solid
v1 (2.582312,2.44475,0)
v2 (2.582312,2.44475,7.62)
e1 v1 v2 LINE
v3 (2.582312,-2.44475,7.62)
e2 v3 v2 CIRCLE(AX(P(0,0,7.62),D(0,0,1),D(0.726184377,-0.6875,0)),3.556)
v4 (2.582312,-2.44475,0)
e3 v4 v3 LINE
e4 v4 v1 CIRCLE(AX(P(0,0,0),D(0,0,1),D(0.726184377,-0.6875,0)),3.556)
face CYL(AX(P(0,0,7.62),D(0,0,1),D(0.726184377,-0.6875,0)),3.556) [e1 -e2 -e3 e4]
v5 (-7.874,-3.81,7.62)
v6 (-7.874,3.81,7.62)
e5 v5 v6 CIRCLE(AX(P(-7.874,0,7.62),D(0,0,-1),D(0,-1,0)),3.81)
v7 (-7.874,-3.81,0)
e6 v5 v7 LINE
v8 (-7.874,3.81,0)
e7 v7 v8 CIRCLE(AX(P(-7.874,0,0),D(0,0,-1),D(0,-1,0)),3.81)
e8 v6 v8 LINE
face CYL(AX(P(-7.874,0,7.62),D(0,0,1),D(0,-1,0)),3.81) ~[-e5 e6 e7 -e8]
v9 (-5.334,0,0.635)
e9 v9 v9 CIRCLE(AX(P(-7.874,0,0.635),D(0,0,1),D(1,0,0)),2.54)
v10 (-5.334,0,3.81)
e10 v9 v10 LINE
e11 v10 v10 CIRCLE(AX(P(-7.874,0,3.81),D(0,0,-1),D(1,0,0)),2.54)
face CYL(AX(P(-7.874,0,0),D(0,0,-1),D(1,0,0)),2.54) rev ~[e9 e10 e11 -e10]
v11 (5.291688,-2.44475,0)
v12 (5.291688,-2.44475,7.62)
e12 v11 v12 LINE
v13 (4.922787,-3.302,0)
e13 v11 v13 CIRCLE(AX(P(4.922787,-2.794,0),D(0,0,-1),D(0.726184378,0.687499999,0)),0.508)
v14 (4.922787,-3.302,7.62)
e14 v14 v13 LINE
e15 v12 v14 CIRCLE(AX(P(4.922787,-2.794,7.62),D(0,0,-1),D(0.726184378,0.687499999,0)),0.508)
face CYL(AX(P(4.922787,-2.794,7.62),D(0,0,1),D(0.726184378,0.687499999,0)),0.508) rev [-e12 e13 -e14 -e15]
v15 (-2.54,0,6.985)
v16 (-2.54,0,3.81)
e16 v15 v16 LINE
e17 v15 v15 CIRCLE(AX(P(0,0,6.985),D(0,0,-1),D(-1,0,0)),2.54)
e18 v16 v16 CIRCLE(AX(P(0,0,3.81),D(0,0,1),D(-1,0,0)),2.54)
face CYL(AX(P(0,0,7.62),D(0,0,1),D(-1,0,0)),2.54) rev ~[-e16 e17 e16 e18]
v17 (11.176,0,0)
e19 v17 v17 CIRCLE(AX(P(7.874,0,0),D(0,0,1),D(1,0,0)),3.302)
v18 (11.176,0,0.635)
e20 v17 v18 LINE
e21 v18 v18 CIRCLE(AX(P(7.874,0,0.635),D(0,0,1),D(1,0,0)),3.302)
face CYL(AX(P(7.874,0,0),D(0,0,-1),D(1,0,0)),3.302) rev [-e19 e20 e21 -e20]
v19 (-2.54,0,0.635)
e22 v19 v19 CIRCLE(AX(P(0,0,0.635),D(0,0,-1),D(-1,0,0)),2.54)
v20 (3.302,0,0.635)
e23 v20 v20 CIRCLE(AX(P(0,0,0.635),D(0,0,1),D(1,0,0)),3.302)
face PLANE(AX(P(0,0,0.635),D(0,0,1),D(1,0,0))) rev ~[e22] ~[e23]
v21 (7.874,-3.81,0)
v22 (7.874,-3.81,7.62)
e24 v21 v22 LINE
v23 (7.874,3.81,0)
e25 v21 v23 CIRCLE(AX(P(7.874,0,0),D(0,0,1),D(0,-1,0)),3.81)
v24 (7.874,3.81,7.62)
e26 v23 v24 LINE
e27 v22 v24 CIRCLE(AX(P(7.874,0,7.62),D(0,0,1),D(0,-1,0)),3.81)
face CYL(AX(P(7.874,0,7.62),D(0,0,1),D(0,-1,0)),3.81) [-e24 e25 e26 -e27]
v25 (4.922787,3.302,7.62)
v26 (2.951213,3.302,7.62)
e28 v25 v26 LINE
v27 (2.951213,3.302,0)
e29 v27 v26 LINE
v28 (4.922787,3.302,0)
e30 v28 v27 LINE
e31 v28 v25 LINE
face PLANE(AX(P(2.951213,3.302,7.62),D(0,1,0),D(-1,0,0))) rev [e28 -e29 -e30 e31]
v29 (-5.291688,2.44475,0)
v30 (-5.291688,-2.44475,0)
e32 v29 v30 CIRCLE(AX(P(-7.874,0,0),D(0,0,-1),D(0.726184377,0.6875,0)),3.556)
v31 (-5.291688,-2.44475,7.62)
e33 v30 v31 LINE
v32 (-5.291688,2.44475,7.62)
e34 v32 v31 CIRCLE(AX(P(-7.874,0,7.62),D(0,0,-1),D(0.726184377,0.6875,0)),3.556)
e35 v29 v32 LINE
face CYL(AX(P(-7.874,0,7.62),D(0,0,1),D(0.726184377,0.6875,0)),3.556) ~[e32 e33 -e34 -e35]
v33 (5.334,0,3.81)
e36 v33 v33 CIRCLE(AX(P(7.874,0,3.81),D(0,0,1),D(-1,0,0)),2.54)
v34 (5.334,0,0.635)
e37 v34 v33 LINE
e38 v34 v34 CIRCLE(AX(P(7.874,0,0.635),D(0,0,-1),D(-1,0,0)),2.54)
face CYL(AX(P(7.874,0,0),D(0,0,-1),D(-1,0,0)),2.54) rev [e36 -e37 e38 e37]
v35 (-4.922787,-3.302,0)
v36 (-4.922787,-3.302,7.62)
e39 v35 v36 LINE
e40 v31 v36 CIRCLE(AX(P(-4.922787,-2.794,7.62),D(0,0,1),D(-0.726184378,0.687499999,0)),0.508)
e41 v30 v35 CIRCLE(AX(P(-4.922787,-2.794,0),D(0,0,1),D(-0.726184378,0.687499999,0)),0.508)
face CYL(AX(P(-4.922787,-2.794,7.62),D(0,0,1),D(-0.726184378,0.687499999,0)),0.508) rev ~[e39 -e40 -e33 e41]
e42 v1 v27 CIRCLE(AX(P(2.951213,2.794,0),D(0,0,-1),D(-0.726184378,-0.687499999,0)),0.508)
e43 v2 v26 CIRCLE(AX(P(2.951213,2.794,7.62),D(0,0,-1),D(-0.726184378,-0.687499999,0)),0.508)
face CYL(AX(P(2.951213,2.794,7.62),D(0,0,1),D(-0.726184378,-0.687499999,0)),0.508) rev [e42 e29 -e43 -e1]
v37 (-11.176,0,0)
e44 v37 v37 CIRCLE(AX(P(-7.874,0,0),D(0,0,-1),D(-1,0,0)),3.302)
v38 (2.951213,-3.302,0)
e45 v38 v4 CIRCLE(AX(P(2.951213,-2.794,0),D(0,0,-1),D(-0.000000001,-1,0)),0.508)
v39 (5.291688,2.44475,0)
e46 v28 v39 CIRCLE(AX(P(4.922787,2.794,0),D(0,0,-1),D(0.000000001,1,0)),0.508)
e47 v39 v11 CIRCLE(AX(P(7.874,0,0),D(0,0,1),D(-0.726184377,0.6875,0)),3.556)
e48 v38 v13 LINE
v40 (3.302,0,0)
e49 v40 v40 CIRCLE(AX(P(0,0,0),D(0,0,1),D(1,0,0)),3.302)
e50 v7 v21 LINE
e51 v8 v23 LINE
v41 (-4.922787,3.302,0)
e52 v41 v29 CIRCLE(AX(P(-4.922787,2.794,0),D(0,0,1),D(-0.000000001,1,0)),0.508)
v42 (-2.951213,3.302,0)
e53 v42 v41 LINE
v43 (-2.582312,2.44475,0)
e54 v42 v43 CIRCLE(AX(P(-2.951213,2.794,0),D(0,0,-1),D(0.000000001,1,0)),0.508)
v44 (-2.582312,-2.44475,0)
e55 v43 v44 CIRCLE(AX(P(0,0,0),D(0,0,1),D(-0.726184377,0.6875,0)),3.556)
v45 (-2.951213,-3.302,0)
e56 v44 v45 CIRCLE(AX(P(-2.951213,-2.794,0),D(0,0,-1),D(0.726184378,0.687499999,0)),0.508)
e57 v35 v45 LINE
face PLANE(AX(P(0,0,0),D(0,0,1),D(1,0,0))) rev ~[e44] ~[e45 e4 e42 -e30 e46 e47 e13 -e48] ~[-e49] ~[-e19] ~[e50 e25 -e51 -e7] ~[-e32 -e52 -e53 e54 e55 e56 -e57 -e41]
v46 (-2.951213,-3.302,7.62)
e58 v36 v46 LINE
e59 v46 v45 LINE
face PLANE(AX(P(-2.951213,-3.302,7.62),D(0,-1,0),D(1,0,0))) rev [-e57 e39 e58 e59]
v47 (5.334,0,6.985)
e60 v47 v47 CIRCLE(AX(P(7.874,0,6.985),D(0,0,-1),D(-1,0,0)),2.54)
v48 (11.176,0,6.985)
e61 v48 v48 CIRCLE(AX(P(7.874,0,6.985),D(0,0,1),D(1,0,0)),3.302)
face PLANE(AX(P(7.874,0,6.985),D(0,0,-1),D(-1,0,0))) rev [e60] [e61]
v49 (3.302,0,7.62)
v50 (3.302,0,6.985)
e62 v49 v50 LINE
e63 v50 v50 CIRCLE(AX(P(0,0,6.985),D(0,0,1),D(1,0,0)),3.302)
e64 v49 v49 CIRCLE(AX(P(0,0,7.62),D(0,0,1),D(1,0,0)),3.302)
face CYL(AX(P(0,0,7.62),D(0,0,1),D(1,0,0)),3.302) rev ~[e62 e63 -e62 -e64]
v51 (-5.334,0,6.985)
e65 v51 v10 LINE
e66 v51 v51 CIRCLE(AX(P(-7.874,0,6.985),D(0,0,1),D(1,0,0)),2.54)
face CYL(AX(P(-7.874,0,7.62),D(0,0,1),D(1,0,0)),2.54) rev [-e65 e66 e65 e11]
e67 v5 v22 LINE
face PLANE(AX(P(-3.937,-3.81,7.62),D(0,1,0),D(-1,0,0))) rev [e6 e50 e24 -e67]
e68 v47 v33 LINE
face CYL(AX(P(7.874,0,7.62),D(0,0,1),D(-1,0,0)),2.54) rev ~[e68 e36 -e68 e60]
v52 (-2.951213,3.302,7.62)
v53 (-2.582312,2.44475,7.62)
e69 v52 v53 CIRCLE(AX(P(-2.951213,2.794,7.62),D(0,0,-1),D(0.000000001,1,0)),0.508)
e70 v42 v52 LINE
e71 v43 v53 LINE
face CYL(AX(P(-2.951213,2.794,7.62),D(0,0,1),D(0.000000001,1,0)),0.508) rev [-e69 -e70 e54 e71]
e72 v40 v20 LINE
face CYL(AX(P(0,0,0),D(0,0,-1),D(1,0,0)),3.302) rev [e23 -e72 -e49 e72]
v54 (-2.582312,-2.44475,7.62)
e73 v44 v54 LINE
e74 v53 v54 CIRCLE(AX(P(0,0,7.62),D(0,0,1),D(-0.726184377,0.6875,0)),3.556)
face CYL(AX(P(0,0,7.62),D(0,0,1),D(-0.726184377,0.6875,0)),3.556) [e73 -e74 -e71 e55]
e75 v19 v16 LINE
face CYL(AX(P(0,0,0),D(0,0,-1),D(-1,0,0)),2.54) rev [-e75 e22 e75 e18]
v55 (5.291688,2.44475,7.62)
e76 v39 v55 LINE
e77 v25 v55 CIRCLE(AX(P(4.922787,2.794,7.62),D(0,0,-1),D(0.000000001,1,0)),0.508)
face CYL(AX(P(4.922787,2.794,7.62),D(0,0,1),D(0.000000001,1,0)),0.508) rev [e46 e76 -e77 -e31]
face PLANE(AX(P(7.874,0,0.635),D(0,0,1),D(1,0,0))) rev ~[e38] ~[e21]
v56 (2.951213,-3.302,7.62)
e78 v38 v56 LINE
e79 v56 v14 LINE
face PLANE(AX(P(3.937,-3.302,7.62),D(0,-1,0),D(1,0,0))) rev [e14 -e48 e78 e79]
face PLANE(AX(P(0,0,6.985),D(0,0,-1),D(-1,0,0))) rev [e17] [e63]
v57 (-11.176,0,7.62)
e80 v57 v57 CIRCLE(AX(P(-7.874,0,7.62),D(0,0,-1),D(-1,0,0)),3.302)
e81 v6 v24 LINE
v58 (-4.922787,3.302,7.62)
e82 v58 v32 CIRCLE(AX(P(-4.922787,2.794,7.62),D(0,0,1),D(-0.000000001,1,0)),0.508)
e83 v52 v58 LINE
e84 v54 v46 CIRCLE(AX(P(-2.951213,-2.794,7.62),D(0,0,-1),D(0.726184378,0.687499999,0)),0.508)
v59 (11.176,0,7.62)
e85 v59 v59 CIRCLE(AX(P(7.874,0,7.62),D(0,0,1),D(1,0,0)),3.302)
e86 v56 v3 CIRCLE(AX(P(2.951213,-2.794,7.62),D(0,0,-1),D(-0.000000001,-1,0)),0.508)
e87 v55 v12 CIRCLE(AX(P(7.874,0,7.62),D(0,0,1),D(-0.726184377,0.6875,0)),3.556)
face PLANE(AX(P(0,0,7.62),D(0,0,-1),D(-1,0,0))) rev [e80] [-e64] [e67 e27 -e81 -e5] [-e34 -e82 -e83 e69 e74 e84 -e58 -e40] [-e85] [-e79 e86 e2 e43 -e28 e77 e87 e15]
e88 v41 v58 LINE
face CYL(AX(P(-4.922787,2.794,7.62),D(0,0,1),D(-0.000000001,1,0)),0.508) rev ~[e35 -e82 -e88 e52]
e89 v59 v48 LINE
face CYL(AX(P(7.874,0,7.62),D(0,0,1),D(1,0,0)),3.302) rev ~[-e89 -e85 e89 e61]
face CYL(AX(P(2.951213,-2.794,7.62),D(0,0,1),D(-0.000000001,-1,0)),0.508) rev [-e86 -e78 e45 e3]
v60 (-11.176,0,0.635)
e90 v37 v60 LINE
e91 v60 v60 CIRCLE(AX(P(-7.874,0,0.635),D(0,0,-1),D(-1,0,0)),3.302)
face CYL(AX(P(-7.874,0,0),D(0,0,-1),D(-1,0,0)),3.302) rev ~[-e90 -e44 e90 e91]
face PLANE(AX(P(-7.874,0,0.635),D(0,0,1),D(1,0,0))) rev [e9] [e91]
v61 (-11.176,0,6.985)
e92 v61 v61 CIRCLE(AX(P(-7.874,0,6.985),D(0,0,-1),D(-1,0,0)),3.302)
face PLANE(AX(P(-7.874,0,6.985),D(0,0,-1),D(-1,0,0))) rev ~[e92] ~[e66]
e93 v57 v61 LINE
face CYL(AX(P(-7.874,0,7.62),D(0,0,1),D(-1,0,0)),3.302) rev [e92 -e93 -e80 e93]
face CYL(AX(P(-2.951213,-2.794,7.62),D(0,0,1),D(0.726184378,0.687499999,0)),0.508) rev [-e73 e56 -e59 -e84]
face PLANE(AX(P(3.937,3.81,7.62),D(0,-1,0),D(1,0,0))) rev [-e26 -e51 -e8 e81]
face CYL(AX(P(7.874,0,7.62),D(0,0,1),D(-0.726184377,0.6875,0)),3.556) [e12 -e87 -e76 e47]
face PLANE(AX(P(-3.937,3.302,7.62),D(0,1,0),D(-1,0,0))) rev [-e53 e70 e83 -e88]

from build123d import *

# Parameters (mm, degrees)
SKETCH1_R           = 2.54
BOSS_EXTRUDE1_DEPTH = 3.81
SKETCH1_7_R         = 2.54
BOSS_EXTRUDE2_DEPTH = 3.81
SKETCH2_R           = 3.302
CUT_EXTRUDE1_DEPTH  = 0.635


with BuildPart() as part:
    # Sketch1 → Boss-Extrude1 (new body)
    with BuildSketch(Plane.XY):
        with BuildLine():
            Line((3.937, -3.81), (7.874, -3.81))
            ThreePointArc((7.874, -3.81), (11.684, 0), (7.874, 3.81))
            Line((7.874, 3.81), (3.937, 3.81))
            Line((3.937, 3.81), (3.937, 3.302))
            Line((3.937, 3.302), (4.92278669, 3.302))
            ThreePointArc((4.92278669, 3.302), (5.389414486, 2.994804631), (5.291688354, 2.44475))
            ThreePointArc((5.291688354, 2.44475), (4.318, 0), (5.291688354, -2.44475))
            ThreePointArc((5.291688354, -2.44475), (5.389414486, -2.994804631), (4.92278669, -3.302))
            Line((4.92278669, -3.302), (3.937, -3.302))
            Line((3.937, -3.302), (3.937, -3.81))
        make_face()
        with Locations((7.874, 0)):
            Circle(SKETCH1_R, mode=Mode.SUBTRACT)
    extrude(amount=BOSS_EXTRUDE1_DEPTH)


with BuildPart() as body_2:
    # Sketch1<7> → Boss-Extrude2 (new body)
    with BuildSketch(Plane.XY):
        with BuildLine():
            Line((3.937, -3.81), (3.937, -3.302))
            Line((3.937, -3.302), (2.95121331, -3.302))
            ThreePointArc((2.95121331, -3.302), (2.484585514, -2.994804631), (2.582311646, -2.44475))
            ThreePointArc((2.582311646, -2.44475), (3.556, 0), (2.582311646, 2.44475))
            ThreePointArc((2.582311646, 2.44475), (2.484585514, 2.994804631), (2.95121331, 3.302))
            Line((2.95121331, 3.302), (3.937, 3.302))
            Line((3.937, 3.302), (3.937, 3.81))
            Line((3.937, 3.81), (-3.937, 3.81))
            Line((-3.937, 3.81), (-3.937, 3.302))
            Line((-3.937, 3.302), (-2.95121331, 3.302))
            ThreePointArc((-2.95121331, 3.302), (-2.484585514, 2.994804631), (-2.582311646, 2.44475))
            ThreePointArc((-2.582311646, 2.44475), (-3.556, 0), (-2.582311646, -2.44475))
            ThreePointArc((-2.582311646, -2.44475), (-2.484585514, -2.994804631), (-2.95121331, -3.302))
            Line((-2.95121331, -3.302), (-3.937, -3.302))
            Line((-3.937, -3.302), (-3.937, -3.81))
            Line((-3.937, -3.81), (3.937, -3.81))
        make_face()
        Circle(SKETCH1_7_R, mode=Mode.SUBTRACT)
    extrude(amount=BOSS_EXTRUDE2_DEPTH)


with BuildPart() as cut_extrude1_tool:
    # Sketch2 → Cut-Extrude1 (new body)
    with BuildSketch(Plane.XY):
        with Locations((7.874, 0)):
            Circle(SKETCH2_R)
        Circle(SKETCH2_R)
    extrude(amount=CUT_EXTRUDE1_DEPTH)


with BuildPart() as part_1:
    add(part.part)

    # Cut-Extrude1: cut by cut_extrude1_tool
    add(cut_extrude1_tool.part, mode=Mode.SUBTRACT)


with BuildPart() as body_2_1:
    add(body_2.part)

    # Cut-Extrude1: cut by cut_extrude1_tool
    add(cut_extrude1_tool.part, mode=Mode.SUBTRACT)


with BuildPart() as body_3:
    # Mirror2: mirrored copy
    add(part_1.part.mirror(Plane(origin=(0, 0, 0), x_dir=(0, 0, 1), z_dir=(1, 0, 0))))


with BuildPart() as part_2:
    add(part_1.part)

    # Combine1: union body 3, body 2
    add(body_3.part)
    add(body_2_1.part)

    # Mirror3: part across plane


with BuildPart() as part_3:
    add(part_2.part)
    add(part_2.part.mirror(Plane.XY.offset(3.81)))


solid = part_3.part
